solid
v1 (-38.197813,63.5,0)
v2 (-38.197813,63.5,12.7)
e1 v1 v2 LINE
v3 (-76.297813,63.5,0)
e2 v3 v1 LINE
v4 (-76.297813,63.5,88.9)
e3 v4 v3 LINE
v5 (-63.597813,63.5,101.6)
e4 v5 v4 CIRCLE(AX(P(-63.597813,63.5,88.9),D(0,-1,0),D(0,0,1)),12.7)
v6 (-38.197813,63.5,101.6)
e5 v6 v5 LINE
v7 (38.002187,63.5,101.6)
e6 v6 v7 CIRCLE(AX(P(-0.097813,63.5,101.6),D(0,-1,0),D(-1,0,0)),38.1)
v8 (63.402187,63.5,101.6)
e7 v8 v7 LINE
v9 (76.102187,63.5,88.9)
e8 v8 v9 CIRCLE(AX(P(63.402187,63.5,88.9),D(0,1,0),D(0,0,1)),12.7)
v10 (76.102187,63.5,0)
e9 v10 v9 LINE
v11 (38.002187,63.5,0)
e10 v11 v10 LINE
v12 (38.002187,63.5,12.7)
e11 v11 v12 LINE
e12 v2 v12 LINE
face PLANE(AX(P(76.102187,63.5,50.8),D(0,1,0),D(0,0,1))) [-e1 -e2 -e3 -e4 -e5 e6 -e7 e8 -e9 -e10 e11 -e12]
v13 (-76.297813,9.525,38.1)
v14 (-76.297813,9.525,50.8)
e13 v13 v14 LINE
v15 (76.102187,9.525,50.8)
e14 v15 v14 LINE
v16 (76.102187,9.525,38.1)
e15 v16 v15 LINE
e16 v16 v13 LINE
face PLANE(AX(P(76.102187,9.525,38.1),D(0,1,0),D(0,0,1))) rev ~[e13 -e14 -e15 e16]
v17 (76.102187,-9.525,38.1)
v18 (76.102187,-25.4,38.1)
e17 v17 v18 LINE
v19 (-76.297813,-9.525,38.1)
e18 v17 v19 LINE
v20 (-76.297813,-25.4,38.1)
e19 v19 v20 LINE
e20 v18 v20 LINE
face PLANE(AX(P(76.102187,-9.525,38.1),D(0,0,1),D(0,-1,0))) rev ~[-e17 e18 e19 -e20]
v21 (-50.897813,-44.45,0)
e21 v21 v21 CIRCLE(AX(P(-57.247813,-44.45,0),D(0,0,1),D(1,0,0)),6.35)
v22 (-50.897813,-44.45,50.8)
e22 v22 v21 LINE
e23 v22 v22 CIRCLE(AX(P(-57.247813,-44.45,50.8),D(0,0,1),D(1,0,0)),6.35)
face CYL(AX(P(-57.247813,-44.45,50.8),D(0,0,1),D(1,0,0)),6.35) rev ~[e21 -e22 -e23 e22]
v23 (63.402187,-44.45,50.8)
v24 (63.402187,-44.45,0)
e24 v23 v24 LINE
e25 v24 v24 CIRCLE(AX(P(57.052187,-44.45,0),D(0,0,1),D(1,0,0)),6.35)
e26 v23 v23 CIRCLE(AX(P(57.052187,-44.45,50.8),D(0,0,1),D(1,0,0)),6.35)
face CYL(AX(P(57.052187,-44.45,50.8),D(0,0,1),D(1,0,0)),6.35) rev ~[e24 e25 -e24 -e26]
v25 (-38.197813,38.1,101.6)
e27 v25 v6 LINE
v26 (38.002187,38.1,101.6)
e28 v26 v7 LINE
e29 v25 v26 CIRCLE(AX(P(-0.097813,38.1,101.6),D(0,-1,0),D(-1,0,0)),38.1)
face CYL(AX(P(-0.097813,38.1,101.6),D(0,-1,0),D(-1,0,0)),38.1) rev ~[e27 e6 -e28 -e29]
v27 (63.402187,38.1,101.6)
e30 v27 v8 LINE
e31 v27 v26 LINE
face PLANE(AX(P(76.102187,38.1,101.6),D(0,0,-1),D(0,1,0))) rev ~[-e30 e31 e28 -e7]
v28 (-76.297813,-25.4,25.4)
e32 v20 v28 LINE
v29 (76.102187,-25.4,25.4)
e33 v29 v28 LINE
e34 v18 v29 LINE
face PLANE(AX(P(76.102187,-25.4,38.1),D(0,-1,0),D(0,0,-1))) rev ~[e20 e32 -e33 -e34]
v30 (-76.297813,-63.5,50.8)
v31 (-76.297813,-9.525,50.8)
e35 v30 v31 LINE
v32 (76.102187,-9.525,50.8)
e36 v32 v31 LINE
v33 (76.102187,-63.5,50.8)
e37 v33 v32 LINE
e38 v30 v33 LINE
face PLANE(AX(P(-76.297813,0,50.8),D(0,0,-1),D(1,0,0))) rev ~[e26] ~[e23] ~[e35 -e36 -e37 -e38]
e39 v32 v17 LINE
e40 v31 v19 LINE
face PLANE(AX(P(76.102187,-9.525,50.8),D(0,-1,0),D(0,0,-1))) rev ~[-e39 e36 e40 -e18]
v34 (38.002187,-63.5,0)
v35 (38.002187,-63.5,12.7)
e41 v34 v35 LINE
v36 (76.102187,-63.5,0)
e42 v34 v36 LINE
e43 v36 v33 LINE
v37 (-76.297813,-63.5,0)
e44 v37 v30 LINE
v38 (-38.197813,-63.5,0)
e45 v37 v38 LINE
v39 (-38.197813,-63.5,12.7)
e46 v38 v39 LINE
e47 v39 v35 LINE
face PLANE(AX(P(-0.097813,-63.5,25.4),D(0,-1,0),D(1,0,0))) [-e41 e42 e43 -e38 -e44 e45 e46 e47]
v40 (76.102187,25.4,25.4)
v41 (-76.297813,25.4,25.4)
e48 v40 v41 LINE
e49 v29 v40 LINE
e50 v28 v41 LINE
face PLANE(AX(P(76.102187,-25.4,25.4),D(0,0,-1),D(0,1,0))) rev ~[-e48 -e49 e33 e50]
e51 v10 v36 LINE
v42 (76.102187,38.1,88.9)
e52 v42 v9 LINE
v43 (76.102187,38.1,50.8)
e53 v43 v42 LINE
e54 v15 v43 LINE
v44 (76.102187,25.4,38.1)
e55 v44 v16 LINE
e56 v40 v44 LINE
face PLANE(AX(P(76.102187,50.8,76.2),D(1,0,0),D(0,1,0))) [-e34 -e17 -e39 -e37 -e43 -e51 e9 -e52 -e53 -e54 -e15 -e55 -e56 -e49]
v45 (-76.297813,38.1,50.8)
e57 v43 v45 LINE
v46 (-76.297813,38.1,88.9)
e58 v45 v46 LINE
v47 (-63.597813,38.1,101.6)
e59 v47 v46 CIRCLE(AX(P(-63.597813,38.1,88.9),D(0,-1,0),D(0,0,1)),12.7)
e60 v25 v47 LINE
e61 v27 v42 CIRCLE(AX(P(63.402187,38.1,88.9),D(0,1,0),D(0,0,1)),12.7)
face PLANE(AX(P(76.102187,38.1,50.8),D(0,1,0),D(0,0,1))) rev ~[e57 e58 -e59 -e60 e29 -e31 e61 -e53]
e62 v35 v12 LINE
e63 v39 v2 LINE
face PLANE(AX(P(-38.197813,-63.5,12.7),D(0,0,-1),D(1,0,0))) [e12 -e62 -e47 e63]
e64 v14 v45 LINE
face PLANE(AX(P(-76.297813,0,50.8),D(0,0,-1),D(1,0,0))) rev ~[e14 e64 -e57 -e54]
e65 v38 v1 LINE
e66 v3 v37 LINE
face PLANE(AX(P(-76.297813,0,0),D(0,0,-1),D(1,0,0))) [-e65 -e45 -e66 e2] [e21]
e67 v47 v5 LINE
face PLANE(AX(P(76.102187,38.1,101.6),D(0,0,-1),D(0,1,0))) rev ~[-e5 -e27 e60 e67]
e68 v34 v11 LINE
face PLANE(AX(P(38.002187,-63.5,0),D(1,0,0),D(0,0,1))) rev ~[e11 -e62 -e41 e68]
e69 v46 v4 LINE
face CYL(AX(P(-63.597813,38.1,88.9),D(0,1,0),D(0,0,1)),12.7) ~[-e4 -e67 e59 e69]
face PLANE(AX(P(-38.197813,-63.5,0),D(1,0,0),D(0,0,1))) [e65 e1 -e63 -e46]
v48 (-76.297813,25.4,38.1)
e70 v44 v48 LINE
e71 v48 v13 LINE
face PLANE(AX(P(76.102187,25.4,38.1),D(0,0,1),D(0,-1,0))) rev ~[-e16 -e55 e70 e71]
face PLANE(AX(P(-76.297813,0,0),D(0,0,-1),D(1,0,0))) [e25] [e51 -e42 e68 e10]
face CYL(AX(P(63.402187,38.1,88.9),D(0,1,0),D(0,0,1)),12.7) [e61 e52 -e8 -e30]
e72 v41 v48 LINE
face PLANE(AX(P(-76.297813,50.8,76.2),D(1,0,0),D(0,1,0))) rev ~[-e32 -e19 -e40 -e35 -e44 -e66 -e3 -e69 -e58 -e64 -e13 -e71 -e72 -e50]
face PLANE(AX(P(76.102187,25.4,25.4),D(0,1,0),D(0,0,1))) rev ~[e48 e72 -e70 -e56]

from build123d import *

# Parameters (mm, degrees)
F0_W      = 152.4
F0_H      = 50.8
F1_DEPTH  = 63.5
F2_W      = 76.2
F2_H      = 12.7
F3_DEPTH  = 127.001
F5_DEPTH  = 152.4
F6_W      = 25.4
F6_H      = 50.8
F7_DEPTH  = 152.4
F9_DEPTH  = 25.4
F10_R     = 12.7
F11_R     = 12.7
F12_R     = 6.35
F13_DEPTH = 50.8


with BuildPart() as f1:
    # F0 (on Front) → F1 (new body, symmetric)
    with BuildSketch(Plane.XZ):
        with Locations((-0.097813, 25.4)):
            Rectangle(F0_W, F0_H)
    extrude(amount=F1_DEPTH, both=True)

    # F2 (on face) → F3 (cut, through all)
    with BuildSketch(Plane.XZ.offset(63.5)):
        with Locations((-0.097813, 6.35)):
            Rectangle(F2_W, F2_H)
    extrude(amount=-F3_DEPTH, mode=Mode.SUBTRACT)

    # F4 (on face) → F5 (cut, through all)
    with BuildSketch(Plane.YZ.offset(76.102187)):
        Polygon((-25.4, 38.1), (-25.4, 25.4), (25.4, 25.4), (25.4, 38.1), (9.525, 38.1), (9.525, 50.8), (-9.525, 50.8), (-9.525, 38.1), align=None)
    extrude(amount=-F5_DEPTH, mode=Mode.SUBTRACT)

    # F6 (on face) → F7 (join, through all)
    with BuildSketch(Plane.YZ.offset(76.102187)):
        with Locations((50.8, 76.2)):
            Rectangle(F6_W, F6_H)
    extrude(amount=-F7_DEPTH)

    # F8 (on face) → F9 (cut, through all)
    with BuildSketch(Plane.XZ.offset(-38.1)):
        with BuildLine():
            Line((38.002187, 101.6), (-38.197813, 101.6))
            ThreePointArc((-38.197813, 101.6), (-0.097813, 63.5), (38.002187, 101.6))
        make_face()
    extrude(amount=-F9_DEPTH, mode=Mode.SUBTRACT)

    # F10
    f10_edges = [f1.edges().sort_by_distance(p)[0] for p in [
        (-76.297813, 50.8, 101.6),
    ]]
    fillet(f10_edges, radius=F10_R)

    # F11
    f11_edges = [f1.edges().sort_by_distance(p)[0] for p in [
        (76.102187, 50.8, 101.6),
    ]]
    fillet(f11_edges, radius=F11_R)

    # F12 (on face) → F13 (cut, through all)
    with BuildSketch(Plane.XY.offset(50.8)):
        with Locations((-57.247813, -44.45)):
            Circle(F12_R)
        with Locations((57.052187, -44.45)):
            Circle(F12_R)
    extrude(amount=-F13_DEPTH, mode=Mode.SUBTRACT)


solid = f1.part
